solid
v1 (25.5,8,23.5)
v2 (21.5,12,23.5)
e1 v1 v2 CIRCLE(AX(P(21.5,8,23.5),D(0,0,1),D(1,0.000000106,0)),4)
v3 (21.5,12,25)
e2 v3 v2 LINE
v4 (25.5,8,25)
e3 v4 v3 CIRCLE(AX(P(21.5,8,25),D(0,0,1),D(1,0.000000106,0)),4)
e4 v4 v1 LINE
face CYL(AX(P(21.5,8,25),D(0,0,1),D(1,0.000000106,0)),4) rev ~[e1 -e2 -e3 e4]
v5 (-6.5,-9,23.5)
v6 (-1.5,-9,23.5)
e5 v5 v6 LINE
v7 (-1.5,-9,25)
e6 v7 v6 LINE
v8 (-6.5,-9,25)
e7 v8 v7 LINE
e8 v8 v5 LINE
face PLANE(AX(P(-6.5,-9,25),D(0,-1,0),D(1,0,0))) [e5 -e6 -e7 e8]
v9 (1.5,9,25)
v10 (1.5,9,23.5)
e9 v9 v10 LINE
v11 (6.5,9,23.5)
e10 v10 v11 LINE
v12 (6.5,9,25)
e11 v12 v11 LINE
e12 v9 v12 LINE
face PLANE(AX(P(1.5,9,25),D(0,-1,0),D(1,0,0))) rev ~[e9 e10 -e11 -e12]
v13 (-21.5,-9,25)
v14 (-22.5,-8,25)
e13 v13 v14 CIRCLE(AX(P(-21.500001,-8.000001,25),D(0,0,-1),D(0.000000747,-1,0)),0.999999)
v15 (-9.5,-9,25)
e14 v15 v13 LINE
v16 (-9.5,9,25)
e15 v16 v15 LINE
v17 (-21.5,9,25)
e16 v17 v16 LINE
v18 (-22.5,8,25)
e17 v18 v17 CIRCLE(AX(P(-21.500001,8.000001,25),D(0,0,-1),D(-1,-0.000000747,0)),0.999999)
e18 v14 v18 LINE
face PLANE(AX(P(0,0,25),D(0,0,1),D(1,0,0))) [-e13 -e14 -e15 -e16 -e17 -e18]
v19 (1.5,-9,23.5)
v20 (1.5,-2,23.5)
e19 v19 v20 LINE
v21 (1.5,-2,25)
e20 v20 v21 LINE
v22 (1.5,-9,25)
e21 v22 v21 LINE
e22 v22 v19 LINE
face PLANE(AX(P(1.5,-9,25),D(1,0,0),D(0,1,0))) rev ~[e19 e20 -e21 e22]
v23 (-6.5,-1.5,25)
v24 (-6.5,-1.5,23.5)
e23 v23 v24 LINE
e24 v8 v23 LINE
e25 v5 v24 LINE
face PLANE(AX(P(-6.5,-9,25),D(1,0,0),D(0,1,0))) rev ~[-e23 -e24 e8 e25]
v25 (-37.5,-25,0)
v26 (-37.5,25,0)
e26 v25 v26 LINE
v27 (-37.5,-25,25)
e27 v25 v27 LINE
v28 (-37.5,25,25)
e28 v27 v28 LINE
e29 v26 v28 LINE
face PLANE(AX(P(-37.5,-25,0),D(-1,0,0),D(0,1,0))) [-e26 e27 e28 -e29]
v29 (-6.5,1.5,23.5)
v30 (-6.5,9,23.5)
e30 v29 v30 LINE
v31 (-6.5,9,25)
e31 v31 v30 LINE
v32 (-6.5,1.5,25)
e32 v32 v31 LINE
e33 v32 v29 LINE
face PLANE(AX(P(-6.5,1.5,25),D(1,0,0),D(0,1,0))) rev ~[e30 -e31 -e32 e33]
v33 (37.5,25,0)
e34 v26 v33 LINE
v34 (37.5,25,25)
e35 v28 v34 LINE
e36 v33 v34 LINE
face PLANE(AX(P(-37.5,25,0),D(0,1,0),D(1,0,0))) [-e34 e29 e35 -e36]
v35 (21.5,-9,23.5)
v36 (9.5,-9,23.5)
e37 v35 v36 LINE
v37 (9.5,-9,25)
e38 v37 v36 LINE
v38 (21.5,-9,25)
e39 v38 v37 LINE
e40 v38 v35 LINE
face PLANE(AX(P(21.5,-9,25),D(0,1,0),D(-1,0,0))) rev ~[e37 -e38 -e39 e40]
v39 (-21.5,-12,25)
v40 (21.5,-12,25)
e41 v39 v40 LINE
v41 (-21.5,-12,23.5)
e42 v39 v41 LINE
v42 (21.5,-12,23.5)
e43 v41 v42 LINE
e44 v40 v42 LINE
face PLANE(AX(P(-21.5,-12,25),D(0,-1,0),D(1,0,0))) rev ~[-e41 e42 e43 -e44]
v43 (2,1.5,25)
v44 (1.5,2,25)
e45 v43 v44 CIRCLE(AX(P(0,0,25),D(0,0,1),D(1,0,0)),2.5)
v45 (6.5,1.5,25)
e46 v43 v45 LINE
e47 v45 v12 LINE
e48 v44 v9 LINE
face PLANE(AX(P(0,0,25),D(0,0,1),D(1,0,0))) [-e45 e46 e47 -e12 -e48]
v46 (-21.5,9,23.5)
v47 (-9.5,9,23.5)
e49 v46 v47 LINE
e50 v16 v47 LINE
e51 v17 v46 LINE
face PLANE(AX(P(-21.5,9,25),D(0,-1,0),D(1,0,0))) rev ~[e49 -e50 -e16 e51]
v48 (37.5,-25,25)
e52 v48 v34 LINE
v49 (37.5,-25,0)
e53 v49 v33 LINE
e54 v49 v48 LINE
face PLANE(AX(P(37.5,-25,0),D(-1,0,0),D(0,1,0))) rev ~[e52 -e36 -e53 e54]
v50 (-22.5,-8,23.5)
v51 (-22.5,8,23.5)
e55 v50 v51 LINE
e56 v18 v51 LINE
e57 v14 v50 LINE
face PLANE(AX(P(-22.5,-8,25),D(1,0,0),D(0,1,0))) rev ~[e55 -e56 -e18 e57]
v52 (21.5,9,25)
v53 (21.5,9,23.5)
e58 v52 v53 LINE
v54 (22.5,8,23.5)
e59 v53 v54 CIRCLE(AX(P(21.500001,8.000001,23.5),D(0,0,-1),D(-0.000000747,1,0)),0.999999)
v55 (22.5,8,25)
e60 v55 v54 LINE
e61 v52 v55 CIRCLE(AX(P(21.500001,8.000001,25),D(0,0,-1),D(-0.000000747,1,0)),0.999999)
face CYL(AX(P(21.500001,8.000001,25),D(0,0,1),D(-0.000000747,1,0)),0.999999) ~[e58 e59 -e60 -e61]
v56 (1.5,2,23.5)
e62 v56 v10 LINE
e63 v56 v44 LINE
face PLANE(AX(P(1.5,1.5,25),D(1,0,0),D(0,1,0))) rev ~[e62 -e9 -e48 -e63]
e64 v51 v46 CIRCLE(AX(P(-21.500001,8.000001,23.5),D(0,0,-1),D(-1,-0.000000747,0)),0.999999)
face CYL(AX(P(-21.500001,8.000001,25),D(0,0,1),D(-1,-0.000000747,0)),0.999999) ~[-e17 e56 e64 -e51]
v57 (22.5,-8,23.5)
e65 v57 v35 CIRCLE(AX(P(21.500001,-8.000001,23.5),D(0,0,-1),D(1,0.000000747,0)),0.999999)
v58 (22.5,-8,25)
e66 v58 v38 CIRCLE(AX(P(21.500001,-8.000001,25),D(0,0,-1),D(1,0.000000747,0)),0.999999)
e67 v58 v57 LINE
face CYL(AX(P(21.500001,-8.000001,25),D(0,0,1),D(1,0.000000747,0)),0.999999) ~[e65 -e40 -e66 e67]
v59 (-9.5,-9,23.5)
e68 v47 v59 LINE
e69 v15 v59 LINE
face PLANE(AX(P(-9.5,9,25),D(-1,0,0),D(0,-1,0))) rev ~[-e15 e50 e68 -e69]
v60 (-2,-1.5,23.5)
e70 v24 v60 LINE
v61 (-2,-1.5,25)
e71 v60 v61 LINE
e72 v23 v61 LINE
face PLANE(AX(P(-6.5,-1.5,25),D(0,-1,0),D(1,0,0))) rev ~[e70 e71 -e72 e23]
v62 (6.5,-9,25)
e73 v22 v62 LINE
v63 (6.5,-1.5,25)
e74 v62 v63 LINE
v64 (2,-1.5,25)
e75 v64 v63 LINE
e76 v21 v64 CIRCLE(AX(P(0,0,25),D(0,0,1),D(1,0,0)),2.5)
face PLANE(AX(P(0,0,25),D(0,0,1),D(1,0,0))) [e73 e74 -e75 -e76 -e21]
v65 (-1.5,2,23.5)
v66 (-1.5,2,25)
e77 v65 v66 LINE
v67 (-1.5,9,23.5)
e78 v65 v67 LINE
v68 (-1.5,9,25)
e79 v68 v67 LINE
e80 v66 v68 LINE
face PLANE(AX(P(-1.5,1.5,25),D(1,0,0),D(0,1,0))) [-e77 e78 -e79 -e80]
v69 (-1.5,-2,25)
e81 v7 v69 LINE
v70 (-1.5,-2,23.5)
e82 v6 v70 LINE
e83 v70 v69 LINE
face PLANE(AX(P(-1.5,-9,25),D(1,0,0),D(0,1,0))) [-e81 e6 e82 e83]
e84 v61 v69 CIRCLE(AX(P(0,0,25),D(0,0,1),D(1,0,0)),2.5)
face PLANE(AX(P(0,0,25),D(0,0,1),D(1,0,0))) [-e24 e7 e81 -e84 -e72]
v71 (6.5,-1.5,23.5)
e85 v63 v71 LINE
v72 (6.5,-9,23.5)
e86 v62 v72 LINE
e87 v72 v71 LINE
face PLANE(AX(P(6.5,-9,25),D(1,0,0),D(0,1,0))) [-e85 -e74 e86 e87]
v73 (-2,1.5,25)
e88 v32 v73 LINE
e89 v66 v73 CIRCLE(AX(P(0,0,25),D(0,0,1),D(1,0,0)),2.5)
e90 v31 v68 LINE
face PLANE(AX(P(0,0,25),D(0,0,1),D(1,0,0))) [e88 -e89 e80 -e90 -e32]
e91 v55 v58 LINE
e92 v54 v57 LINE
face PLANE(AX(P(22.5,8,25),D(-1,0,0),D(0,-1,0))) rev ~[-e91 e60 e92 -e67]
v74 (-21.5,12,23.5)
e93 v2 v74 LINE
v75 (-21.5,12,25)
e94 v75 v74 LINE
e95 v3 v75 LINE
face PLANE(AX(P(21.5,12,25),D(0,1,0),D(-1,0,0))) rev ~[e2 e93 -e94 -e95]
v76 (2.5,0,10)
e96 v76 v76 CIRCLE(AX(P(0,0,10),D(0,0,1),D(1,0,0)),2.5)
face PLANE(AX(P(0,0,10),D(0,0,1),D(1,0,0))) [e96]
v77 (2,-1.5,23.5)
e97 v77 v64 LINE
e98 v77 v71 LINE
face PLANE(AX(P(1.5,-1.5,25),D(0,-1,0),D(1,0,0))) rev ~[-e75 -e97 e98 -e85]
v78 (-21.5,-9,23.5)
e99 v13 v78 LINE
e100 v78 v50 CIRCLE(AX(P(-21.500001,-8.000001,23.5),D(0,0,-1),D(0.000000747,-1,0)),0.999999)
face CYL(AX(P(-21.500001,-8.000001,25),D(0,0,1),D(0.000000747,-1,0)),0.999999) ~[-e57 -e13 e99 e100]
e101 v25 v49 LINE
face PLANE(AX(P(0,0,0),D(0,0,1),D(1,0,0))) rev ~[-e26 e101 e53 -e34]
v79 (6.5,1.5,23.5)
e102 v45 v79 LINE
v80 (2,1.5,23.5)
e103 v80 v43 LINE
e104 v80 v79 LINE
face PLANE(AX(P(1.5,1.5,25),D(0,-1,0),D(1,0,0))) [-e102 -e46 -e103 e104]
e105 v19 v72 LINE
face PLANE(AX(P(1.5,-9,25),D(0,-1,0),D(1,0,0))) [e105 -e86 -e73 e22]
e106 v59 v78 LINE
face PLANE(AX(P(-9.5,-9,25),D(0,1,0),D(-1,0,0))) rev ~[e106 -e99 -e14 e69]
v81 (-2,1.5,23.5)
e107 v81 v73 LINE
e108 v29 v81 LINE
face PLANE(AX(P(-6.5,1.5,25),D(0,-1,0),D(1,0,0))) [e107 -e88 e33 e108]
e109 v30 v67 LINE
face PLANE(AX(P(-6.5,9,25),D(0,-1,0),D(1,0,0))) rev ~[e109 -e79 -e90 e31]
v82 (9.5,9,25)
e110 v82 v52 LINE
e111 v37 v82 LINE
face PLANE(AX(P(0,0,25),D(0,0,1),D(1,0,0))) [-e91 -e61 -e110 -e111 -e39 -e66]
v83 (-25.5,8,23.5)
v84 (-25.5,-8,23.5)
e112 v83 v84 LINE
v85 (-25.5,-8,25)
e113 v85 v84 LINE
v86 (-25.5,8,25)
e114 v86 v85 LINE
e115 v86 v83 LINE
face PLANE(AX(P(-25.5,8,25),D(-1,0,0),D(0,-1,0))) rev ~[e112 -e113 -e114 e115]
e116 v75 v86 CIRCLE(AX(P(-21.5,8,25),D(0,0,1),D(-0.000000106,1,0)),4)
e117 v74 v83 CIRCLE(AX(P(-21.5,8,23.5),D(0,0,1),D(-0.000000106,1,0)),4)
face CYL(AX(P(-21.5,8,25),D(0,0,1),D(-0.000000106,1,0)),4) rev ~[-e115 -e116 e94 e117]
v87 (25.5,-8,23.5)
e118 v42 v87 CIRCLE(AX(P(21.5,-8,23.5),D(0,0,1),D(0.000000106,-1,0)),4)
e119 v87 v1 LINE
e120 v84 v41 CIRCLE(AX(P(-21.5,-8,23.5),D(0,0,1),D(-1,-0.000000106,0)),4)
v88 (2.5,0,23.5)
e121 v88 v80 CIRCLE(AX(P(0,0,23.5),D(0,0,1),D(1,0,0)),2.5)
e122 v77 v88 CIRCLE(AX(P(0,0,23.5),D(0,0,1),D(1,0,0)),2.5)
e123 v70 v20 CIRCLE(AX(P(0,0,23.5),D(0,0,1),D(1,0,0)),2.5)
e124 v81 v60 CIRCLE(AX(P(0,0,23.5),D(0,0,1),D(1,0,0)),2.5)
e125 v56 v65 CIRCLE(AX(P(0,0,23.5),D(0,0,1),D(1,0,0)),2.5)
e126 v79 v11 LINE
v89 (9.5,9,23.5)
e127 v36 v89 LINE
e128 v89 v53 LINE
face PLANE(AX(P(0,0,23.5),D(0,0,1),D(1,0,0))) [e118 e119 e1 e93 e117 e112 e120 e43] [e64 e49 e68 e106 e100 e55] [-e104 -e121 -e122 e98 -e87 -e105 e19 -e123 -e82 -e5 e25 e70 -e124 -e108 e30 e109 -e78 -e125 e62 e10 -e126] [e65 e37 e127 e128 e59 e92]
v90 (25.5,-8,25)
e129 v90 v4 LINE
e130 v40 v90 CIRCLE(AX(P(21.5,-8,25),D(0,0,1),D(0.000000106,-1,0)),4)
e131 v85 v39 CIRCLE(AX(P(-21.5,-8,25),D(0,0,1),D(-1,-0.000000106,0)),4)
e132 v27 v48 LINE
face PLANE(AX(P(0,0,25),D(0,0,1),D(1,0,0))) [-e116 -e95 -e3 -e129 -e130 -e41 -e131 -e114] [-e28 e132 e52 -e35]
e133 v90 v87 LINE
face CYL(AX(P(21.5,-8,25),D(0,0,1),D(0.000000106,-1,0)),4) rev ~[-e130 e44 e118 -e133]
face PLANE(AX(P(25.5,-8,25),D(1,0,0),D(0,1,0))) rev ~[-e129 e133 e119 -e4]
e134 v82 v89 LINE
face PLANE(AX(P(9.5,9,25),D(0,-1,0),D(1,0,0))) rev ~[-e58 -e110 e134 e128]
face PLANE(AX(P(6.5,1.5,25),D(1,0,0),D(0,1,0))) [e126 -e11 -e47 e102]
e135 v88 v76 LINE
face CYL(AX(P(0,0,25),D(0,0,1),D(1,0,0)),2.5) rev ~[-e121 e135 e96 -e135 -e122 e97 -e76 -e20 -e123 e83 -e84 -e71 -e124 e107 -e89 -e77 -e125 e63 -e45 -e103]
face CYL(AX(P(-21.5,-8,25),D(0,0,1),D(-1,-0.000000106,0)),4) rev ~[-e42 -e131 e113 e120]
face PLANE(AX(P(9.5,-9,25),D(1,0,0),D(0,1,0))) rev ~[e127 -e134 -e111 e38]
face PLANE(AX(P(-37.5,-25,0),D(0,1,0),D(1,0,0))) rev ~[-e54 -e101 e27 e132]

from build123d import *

# Parameters (mm, degrees)
F0_W     = 75
F0_H     = 50
F1_DEPTH = 25
F2_W     = 5
F2_H     = 7.5
F3_DEPTH = 1.5
F4_R     = 2.5
F5_DEPTH = 15


with BuildPart() as f1:
    # F0 (on Top) → F1 (new body)
    with BuildSketch(Plane.XY):
        Rectangle(F0_W, F0_H)
    extrude(amount=F1_DEPTH)

    # F2 (on face) → F3 (cut)
    with BuildSketch(Plane.XY.offset(25)):
        with BuildLine():
            Line((-21.5, -12), (21.5, -12))
            ThreePointArc((21.5, -12), (24.328427, -10.828427), (25.5, -8))
            Line((25.5, -8), (25.5, 8))
            ThreePointArc((25.5, 8), (24.328427, 10.828427), (21.5, 12))
            Line((21.5, 12), (-21.5, 12))
            ThreePointArc((-21.5, 12), (-24.328427, 10.828427), (-25.5, 8))
            Line((-25.5, 8), (-25.5, -8))
            ThreePointArc((-25.5, -8), (-24.328427, -10.828427), (-21.5, -12))
        make_face()
        with Locations((-4, -5.25)):
            Rectangle(F2_W, F2_H, mode=Mode.SUBTRACT)
        with Locations((4, -5.25)):
            Rectangle(F2_W, F2_H, mode=Mode.SUBTRACT)
        with BuildLine():
            Line((-9.5, 9), (-9.5, -9))
            Line((-9.5, -9), (-21.5, -9))
            ThreePointArc((-21.5, -9), (-22.207107, -8.707107), (-22.5, -8))
            Line((-22.5, -8), (-22.5, 8))
            ThreePointArc((-22.5, 8), (-22.207107, 8.707107), (-21.5, 9))
            Line((-21.5, 9), (-9.5, 9))
        make_face(mode=Mode.SUBTRACT)
        with Locations((-4, 5.25)):
            Rectangle(F2_W, F2_H, mode=Mode.SUBTRACT)
        with Locations((4, 5.25)):
            Rectangle(F2_W, F2_H, mode=Mode.SUBTRACT)
        with BuildLine():
            ThreePointArc((22.5, -8), (22.207107, -8.707107), (21.5, -9))
            Line((21.5, -9), (9.5, -9))
            Line((9.5, -9), (9.5, 9))
            Line((9.5, 9), (21.5, 9))
            ThreePointArc((21.5, 9), (22.207107, 8.707107), (22.5, 8))
            Line((22.5, 8), (22.5, -8))
        make_face(mode=Mode.SUBTRACT)
    extrude(amount=-F3_DEPTH, mode=Mode.SUBTRACT)

    # F4 (on face) → F5 (cut)
    with BuildSketch(Plane.XY.offset(25)):
        Circle(F4_R)
    extrude(amount=-F5_DEPTH, mode=Mode.SUBTRACT)


solid = f1.part
